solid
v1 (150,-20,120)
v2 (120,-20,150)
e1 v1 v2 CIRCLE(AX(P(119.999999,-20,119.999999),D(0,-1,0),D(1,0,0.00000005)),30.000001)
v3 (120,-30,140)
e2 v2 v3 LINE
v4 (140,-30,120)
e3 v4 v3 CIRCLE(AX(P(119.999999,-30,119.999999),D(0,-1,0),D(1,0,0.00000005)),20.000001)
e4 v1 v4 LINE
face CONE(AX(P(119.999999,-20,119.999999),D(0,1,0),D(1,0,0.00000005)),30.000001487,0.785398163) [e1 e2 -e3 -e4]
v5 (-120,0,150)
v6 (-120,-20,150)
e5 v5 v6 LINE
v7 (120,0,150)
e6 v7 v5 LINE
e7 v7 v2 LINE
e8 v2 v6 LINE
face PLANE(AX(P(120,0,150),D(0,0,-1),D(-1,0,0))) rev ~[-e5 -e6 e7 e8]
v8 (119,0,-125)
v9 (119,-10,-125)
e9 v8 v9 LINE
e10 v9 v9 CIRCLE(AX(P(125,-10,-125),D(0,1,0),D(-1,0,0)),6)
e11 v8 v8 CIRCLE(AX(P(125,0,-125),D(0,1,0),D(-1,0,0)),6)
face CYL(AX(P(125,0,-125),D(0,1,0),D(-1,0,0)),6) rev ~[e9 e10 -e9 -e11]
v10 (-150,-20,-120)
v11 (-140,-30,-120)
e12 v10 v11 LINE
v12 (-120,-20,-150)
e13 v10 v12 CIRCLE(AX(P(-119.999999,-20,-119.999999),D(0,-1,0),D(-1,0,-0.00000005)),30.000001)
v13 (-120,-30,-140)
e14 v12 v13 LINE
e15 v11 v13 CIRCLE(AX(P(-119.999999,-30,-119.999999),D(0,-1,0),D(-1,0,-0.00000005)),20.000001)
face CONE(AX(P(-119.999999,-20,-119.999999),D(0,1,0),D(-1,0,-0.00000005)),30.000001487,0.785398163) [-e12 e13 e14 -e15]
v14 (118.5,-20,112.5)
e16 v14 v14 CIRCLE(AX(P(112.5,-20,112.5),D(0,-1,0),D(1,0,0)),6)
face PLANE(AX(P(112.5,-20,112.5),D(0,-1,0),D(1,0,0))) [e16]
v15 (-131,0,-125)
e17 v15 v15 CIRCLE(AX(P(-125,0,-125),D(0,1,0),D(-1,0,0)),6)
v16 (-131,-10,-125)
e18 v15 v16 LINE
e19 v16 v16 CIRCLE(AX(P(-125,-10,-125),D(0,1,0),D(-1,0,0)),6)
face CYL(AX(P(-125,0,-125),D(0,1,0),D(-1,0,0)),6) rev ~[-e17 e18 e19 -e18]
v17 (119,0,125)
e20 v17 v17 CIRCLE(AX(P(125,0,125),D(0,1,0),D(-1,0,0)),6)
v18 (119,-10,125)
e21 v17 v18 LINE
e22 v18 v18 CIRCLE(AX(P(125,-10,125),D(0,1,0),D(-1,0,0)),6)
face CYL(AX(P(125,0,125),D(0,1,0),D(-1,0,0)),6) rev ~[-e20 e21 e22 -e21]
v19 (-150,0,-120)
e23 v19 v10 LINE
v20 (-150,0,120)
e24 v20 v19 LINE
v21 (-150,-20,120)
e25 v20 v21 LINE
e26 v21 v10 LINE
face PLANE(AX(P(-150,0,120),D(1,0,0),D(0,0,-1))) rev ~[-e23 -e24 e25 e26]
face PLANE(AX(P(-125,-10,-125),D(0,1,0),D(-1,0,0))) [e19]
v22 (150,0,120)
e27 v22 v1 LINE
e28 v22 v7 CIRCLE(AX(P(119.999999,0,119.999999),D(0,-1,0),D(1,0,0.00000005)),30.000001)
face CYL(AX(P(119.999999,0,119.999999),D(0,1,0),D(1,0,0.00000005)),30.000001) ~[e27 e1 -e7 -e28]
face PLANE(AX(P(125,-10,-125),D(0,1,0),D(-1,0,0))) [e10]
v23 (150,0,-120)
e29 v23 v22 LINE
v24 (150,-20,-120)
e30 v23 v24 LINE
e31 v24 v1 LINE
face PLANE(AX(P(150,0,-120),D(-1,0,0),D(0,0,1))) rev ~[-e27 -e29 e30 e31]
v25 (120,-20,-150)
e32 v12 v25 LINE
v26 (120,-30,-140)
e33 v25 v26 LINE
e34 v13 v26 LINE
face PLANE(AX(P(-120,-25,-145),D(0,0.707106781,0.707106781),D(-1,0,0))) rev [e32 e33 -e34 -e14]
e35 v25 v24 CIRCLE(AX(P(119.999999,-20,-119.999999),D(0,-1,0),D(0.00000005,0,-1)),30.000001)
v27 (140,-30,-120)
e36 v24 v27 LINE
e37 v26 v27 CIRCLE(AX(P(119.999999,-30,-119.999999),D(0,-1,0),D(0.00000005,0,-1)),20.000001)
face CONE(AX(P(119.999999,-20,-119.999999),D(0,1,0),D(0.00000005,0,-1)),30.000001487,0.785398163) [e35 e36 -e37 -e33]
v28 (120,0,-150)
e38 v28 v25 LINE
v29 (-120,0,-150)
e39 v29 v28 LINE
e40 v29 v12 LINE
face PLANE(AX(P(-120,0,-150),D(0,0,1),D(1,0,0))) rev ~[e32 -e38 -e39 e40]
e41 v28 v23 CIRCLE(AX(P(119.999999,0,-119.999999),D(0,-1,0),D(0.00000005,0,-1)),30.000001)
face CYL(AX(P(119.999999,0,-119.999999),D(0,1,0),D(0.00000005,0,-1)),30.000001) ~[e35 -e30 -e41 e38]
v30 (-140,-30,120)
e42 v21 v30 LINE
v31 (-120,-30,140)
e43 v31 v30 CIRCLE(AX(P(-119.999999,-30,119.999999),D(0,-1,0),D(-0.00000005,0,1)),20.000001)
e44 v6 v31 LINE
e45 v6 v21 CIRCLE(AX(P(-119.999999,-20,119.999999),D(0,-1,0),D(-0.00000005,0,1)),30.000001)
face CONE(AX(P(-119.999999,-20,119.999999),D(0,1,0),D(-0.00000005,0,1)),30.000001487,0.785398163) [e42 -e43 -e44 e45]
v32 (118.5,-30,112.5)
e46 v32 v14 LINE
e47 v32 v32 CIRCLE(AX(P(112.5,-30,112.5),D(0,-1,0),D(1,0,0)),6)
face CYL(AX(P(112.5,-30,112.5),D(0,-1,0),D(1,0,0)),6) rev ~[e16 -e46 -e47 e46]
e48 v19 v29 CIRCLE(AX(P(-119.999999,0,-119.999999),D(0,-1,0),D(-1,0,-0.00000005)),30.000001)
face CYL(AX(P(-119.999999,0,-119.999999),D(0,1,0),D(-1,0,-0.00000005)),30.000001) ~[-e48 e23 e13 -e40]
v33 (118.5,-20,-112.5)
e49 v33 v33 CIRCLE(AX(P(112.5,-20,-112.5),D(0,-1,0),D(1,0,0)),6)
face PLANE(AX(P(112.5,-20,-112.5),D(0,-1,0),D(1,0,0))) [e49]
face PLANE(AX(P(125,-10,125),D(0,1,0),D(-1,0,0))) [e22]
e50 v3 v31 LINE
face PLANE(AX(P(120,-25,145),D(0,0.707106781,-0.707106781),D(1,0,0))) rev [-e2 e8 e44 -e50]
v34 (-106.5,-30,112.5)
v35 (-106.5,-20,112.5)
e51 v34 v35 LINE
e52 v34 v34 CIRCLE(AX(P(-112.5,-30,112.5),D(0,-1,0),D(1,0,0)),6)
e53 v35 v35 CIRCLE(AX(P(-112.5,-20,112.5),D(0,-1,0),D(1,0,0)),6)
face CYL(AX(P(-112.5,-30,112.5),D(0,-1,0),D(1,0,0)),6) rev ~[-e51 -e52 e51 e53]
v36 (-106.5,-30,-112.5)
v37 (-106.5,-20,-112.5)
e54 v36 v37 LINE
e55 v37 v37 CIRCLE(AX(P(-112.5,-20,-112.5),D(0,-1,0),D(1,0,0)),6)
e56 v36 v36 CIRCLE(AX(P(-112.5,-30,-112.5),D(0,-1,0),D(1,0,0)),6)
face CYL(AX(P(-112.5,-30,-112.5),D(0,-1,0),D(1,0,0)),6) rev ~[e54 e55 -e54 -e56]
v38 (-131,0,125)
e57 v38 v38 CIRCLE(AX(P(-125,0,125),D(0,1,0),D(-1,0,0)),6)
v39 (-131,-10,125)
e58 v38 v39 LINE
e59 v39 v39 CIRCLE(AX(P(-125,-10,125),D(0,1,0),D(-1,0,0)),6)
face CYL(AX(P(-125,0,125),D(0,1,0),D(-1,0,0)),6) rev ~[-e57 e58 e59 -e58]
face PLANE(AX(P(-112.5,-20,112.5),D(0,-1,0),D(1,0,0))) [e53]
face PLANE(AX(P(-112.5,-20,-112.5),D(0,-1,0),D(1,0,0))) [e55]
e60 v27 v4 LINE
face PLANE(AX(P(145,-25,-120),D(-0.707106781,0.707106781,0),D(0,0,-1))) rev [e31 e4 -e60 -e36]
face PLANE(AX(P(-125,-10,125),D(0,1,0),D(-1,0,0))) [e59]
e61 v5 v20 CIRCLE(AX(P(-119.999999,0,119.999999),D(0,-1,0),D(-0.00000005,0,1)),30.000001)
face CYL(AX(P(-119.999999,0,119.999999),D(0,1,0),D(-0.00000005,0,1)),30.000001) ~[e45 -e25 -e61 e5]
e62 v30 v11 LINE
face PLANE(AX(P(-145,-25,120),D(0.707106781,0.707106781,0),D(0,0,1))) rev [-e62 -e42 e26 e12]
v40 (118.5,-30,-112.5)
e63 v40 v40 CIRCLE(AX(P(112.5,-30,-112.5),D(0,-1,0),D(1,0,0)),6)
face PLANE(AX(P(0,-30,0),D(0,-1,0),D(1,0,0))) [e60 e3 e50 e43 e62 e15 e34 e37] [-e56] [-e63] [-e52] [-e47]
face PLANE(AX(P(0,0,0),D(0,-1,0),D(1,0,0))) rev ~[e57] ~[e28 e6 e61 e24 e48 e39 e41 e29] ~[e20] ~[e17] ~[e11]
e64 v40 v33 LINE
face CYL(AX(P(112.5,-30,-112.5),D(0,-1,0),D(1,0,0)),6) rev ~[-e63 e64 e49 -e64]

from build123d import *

# Parameters (mm, degrees)
F1_DEPTH = 30
F2_SIZE  = 10
F3_R     = 6
F4_DEPTH = 10
F5_R     = 6
F6_DEPTH = 10


with BuildPart() as f1:
    # F0 (on Front) → F1 (new body)
    with BuildSketch(Plane.XZ):
        with BuildLine():
            Line((120, 150), (-120, 150))
            ThreePointArc((-120, 150), (-141.213203, 141.213203), (-150, 120))
            Line((-150, 120), (-150, -120))
            ThreePointArc((-150, -120), (-141.213203, -141.213203), (-120, -150))
            Line((-120, -150), (120, -150))
            ThreePointArc((120, -150), (141.213203, -141.213203), (150, -120))
            Line((150, -120), (150, 120))
            ThreePointArc((150, 120), (141.213203, 141.213203), (120, 150))
        make_face()
    extrude(amount=F1_DEPTH)

    # F2
    f2_edges = [f1.edges().sort_by_distance(p)[0] for p in [
        (0, -30, 150),
        (-150, -30, 0),
        (0, -30, -150),
        (150, -30, 0),
        (141.213203, -30, 141.213203),
        (-141.213203, -30, 141.213203),
        (-141.213203, -30, -141.213203),
        (141.213203, -30, -141.213203),
    ]]
    chamfer(f2_edges, length=F2_SIZE)

    # F3 (on face) → F4 (cut)
    with BuildSketch(Plane.XZ.offset(30)):
        with Locations((-112.5, 112.5)):
            Circle(F3_R)
        with Locations((-112.5, -112.5)):
            Circle(F3_R)
        with Locations((112.5, -112.5)):
            Circle(F3_R)
        with Locations((112.5, 112.5)):
            Circle(F3_R)
    extrude(amount=-F4_DEPTH, mode=Mode.SUBTRACT)

    # F5 (on face) → F6 (cut)
    with BuildSketch(Plane(origin=(0, 0, 0), x_dir=(-1, 0, 0), z_dir=(0, 1, 0))):
        with Locations((-125, 125)):
            Circle(F5_R)
        with Locations((-125, -125)):
            Circle(F5_R)
        with Locations((125, -125)):
            Circle(F5_R)
        with Locations((125, 125)):
            Circle(F5_R)
    extrude(amount=-F6_DEPTH, mode=Mode.SUBTRACT)


solid = f1.part
